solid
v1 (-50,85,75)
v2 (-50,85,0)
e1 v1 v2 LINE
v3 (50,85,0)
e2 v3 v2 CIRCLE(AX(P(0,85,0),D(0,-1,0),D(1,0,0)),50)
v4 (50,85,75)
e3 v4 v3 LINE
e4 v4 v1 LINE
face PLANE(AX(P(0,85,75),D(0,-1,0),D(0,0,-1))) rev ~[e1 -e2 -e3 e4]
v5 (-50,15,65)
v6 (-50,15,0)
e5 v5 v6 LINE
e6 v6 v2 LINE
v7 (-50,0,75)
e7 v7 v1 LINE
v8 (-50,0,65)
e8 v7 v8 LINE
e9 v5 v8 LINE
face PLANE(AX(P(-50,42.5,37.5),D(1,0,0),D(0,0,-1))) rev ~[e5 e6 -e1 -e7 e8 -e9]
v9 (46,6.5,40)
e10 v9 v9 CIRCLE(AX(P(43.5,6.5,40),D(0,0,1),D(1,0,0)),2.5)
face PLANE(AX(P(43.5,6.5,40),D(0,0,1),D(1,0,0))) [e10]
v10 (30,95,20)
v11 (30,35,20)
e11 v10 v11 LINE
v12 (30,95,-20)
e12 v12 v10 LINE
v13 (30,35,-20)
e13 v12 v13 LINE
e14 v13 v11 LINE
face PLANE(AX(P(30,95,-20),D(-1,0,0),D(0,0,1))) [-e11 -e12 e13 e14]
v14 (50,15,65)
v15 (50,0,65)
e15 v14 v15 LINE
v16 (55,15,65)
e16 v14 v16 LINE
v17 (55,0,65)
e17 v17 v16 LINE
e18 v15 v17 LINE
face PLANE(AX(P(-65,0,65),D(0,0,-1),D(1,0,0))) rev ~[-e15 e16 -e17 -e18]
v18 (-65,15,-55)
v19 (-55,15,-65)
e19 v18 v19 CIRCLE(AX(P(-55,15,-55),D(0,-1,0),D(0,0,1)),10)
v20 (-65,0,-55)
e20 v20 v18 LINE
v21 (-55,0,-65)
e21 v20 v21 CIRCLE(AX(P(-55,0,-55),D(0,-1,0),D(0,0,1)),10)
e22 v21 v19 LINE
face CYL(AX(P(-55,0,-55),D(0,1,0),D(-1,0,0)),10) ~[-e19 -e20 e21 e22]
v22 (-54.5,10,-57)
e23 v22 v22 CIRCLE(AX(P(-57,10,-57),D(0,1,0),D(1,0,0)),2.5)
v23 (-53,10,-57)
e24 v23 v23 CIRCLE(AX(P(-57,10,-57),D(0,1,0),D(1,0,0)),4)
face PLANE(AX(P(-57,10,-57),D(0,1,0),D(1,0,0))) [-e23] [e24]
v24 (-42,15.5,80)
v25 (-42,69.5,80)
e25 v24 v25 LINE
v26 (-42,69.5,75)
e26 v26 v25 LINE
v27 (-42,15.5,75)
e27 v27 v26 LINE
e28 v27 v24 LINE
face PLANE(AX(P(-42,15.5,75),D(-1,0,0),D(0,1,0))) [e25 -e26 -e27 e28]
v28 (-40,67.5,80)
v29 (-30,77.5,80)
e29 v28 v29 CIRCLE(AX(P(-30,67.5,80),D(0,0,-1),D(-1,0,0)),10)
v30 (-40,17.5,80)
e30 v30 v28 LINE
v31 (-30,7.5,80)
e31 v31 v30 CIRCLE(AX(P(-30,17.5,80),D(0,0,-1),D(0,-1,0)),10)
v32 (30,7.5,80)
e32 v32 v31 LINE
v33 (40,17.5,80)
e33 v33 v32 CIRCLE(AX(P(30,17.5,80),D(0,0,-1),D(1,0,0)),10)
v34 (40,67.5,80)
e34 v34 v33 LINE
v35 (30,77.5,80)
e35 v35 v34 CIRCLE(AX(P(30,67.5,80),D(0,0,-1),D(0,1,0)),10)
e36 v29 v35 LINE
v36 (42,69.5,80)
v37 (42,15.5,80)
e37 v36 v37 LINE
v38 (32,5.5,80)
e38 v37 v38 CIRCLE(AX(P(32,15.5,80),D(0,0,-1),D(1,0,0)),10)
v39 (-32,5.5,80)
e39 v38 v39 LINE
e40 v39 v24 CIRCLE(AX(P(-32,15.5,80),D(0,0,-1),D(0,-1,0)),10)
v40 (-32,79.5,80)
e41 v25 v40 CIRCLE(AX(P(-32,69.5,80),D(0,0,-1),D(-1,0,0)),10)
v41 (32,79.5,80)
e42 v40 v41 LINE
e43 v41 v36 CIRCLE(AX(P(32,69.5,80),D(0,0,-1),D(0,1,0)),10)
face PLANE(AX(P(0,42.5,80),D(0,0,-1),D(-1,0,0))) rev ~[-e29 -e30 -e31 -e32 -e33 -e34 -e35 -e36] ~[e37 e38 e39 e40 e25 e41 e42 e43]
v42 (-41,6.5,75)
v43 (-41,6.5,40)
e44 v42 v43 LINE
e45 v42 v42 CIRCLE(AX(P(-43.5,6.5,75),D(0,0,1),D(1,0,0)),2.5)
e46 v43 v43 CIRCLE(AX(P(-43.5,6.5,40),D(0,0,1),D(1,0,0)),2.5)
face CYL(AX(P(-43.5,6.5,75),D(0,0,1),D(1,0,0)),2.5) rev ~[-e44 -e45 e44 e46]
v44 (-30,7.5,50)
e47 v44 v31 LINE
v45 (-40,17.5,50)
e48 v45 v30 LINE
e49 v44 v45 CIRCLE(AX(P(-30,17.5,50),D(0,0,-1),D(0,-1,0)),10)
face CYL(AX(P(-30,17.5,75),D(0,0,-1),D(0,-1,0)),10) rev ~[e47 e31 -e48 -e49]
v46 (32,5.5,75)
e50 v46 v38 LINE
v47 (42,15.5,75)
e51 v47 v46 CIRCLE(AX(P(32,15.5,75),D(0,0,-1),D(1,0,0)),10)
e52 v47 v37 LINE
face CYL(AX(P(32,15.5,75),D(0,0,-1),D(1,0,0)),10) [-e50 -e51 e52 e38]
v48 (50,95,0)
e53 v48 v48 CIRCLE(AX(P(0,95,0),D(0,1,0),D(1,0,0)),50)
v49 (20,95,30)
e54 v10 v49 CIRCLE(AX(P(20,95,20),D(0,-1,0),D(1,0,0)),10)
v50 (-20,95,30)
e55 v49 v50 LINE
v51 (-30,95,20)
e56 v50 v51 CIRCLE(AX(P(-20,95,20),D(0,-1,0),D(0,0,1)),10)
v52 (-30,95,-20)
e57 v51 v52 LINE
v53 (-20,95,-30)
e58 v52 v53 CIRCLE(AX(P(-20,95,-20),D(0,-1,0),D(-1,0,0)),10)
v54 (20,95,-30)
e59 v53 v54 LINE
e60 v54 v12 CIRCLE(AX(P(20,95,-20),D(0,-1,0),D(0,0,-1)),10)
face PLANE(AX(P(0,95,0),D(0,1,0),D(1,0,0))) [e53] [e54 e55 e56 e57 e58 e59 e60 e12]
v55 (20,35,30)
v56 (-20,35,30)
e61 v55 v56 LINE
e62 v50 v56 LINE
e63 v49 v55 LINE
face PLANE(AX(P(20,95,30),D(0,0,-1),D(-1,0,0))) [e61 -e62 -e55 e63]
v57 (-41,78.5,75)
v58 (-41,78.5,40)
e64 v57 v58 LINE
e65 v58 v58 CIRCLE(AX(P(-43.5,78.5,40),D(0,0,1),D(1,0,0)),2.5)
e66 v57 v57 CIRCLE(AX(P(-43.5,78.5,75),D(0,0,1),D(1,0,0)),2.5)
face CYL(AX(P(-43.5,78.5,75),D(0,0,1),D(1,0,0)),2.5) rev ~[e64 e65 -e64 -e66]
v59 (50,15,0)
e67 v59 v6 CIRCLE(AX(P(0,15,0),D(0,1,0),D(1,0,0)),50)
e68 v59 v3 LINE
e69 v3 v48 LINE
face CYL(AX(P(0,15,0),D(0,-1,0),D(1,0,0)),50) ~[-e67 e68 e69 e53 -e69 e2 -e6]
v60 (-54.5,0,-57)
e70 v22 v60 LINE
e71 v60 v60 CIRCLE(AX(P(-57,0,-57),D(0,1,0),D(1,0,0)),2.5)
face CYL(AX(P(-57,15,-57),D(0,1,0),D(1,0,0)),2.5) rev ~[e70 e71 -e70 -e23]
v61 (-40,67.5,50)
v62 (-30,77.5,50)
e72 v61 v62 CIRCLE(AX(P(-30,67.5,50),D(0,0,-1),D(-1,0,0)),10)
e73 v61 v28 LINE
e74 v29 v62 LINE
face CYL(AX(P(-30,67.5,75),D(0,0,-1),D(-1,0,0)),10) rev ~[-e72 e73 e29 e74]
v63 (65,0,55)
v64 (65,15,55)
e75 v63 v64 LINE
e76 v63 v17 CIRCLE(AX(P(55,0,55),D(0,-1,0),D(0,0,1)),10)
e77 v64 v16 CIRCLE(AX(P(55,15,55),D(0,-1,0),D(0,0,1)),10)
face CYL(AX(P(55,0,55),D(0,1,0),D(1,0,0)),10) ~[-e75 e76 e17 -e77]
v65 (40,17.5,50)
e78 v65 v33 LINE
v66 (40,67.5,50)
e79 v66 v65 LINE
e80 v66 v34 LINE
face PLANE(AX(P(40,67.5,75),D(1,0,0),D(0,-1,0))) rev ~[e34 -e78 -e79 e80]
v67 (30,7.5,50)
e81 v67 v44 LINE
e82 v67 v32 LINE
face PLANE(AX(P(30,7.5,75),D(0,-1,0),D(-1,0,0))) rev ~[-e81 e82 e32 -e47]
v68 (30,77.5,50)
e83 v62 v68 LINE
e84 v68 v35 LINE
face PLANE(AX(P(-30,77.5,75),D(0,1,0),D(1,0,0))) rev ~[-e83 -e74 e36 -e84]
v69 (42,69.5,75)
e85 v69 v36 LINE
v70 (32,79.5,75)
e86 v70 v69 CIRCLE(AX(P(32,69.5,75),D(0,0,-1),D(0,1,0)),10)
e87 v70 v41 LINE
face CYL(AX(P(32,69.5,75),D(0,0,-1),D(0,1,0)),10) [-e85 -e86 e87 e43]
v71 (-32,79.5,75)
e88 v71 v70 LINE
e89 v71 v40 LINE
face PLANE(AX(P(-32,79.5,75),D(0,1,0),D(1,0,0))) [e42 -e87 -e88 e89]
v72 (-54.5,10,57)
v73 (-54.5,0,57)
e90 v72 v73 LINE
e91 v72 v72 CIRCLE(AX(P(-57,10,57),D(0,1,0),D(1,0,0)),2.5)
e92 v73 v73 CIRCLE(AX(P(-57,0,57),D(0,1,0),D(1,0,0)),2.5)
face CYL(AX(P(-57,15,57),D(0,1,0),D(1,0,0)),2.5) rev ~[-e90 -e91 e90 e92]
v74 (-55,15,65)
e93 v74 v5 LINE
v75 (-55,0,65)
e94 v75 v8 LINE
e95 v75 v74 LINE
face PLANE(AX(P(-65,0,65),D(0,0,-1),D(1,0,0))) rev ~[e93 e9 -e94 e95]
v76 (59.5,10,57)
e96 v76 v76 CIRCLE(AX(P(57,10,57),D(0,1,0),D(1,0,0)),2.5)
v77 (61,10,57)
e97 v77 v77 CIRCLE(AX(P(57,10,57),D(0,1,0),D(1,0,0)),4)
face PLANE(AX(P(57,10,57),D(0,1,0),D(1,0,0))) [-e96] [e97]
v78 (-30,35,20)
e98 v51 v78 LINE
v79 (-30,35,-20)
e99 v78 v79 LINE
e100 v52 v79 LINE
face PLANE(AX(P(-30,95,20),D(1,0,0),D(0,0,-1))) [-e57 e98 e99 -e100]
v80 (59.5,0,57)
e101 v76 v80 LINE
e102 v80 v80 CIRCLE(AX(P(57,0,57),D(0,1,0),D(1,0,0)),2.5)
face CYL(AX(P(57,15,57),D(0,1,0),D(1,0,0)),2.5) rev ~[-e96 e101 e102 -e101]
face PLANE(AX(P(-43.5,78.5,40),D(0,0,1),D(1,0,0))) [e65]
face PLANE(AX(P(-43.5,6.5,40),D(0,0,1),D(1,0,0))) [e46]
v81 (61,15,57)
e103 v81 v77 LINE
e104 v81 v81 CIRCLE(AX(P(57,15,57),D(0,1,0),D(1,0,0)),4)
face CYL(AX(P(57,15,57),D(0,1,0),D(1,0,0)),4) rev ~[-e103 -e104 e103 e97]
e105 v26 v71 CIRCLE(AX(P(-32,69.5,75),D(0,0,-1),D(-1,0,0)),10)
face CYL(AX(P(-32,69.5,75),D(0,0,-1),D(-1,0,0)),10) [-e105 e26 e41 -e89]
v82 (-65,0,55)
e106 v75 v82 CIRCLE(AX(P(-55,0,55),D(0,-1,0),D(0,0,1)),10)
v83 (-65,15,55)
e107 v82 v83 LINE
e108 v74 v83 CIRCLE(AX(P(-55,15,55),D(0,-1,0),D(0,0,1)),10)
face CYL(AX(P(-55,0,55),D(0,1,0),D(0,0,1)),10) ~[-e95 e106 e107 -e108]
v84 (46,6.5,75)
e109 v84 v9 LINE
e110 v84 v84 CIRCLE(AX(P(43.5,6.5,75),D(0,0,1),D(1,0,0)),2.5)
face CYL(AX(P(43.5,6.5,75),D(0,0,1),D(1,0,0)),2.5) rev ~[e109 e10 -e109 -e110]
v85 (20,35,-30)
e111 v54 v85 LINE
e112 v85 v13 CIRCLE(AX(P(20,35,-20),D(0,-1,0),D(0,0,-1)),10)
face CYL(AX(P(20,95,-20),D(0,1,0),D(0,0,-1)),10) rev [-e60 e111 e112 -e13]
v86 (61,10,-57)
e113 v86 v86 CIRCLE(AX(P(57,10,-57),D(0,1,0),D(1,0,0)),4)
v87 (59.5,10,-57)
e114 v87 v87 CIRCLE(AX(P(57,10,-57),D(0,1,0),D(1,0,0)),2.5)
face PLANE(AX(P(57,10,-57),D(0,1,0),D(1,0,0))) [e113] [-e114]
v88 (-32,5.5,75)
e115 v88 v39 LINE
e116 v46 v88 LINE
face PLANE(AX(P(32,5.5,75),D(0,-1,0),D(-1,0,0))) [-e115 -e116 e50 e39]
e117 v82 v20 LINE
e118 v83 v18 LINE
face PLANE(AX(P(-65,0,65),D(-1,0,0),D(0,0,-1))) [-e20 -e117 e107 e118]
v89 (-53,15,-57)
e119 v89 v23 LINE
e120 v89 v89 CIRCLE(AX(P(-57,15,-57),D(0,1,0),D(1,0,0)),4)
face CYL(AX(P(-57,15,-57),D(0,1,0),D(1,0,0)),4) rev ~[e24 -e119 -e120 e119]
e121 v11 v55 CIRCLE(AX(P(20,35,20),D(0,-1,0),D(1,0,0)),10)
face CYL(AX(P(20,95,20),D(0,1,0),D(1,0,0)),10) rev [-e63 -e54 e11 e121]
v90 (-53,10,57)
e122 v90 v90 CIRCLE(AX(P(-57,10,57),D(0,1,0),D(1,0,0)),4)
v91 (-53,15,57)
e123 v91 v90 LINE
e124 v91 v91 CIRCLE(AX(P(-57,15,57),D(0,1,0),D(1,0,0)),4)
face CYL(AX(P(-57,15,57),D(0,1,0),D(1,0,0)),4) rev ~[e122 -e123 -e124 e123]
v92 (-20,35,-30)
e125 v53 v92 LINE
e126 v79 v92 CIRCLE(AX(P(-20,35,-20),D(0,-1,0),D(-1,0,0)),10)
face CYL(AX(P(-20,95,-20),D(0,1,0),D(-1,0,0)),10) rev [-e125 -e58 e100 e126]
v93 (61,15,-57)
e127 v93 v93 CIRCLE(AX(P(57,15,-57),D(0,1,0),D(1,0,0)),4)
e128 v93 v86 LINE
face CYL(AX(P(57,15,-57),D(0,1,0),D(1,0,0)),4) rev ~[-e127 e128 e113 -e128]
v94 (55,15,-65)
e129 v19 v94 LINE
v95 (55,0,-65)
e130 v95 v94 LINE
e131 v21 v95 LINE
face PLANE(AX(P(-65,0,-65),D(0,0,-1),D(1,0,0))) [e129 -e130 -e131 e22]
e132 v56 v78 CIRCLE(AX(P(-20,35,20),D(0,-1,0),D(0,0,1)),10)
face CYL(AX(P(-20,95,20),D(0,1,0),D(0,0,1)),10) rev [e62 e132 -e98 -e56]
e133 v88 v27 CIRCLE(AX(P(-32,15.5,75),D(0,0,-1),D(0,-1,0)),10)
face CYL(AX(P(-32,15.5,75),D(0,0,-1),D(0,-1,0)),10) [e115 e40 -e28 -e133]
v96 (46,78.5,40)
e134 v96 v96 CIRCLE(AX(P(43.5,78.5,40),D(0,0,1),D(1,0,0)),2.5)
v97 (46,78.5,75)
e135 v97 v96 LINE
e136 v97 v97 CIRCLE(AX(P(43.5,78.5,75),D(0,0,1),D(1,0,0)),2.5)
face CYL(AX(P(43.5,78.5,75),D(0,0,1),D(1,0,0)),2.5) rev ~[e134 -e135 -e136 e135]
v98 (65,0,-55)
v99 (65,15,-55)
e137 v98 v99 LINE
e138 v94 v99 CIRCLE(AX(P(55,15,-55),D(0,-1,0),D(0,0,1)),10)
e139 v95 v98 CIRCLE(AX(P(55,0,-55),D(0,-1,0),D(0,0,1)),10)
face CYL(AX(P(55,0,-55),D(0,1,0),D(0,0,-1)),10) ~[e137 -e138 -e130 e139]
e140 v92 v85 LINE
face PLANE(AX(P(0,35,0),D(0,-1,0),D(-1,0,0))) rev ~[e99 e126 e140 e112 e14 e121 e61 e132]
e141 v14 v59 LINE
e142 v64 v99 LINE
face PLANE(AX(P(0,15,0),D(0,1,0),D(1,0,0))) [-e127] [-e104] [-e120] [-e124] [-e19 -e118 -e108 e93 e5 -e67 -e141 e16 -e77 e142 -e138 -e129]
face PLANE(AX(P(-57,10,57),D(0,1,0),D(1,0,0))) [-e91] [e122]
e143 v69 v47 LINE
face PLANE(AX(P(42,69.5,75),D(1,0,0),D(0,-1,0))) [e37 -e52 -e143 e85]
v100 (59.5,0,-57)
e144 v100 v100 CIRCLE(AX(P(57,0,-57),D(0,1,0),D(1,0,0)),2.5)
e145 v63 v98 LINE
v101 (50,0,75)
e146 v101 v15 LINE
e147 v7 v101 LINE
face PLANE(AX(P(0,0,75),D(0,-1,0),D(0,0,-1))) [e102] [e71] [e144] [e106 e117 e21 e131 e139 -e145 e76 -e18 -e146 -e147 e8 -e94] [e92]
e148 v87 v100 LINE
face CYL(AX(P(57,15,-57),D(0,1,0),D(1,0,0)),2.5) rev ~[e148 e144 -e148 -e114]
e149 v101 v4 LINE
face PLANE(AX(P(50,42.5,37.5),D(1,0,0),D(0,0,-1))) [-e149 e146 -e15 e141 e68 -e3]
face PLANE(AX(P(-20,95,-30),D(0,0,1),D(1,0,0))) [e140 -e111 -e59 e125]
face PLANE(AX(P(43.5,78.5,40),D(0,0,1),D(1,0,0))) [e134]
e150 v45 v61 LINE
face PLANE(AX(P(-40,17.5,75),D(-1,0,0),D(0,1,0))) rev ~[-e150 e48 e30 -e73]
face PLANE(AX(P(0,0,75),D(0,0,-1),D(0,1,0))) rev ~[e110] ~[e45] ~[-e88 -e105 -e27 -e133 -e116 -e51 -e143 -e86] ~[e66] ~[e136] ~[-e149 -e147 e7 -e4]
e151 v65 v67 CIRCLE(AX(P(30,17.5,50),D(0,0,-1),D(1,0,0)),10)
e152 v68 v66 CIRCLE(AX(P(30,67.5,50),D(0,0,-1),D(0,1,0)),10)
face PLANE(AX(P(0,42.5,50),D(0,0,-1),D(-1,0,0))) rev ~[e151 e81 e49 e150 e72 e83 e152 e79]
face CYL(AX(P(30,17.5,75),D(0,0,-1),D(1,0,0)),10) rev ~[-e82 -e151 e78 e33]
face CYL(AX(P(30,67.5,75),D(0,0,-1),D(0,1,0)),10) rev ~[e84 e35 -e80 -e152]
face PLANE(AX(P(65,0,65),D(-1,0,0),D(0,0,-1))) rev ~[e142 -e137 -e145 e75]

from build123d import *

# Parameters (mm, degrees)
SKETCH1_W           = 130
SKETCH1_H           = 130
BOSS_EXTRUDE1_DEPTH = 15
SKETCH2_R           = 50
BOSS_EXTRUDE2_DEPTH = 80
SKETCH3_W           = 75
SKETCH3_H           = 85
BOSS_EXTRUDE3_DEPTH = 50
CUT_EXTRUDE2_DEPTH  = 60
CUT_EXTRUDE4_DEPTH  = 25
SKETCH6_R           = 2.5
CUT_EXTRUDE5_DEPTH  = 35
FILLET1_R           = 10
BOSS_EXTRUDE5_DEPTH = 5
SKETCH8_R           = 2.5
CUT_EXTRUDE6_DEPTH  = 16
SKETCH9_R           = 4
CUT_EXTRUDE7_DEPTH  = 5


with BuildPart() as part:
    # Sketch1 → Boss-Extrude1 (new body)
    with BuildSketch(Plane(origin=(0, 0, 0), x_dir=(1, 0, 0), z_dir=(0, 1, 0))):
        Rectangle(SKETCH1_W, SKETCH1_H)
    extrude(amount=BOSS_EXTRUDE1_DEPTH)

    # Sketch2 → Boss-Extrude2 (add)
    with BuildSketch(Plane(origin=(0, 15, 0), x_dir=(1, 0, 0), z_dir=(0, 1, 0))):
        Circle(SKETCH2_R)
    extrude(amount=BOSS_EXTRUDE2_DEPTH)

    # Sketch3 → Boss-Extrude3 (add, symmetric)
    with BuildSketch(Plane(origin=(0, 0, 0), x_dir=(0, 0, -1), z_dir=(1, 0, 0))):
        with Locations((-37.5, 42.5)):
            Rectangle(SKETCH3_W, SKETCH3_H)
    extrude(amount=BOSS_EXTRUDE3_DEPTH, both=True)

    # Sketch4 → Cut-Extrude2 (cut)
    with BuildSketch(Plane(origin=(0, 95, 0), x_dir=(1, 0, 0), z_dir=(0, 1, 0))):
        with BuildLine():
            Line((-20, 30), (20, 30))
            ThreePointArc((20, 30), (27.071067812, 27.071067812), (30, 20))
            Line((30, 20), (30, -20))
            ThreePointArc((30, -20), (27.071067812, -27.071067812), (20, -30))
            Line((20, -30), (-20, -30))
            ThreePointArc((-20, -30), (-27.071067812, -27.071067812), (-30, -20))
            Line((-30, -20), (-30, 20))
            ThreePointArc((-30, 20), (-27.071067812, 27.071067812), (-20, 30))
        make_face()
    extrude(amount=-CUT_EXTRUDE2_DEPTH, mode=Mode.SUBTRACT)

    # Sketch5 → Cut-Extrude4 (cut)
    with BuildSketch(Plane.XY.offset(75)):
        with BuildLine():
            Line((-30, 77.5), (30, 77.5))
            ThreePointArc((30, 77.5), (37.071067812, 74.571067812), (40, 67.5))
            Line((40, 67.5), (40, 17.5))
            ThreePointArc((40, 17.5), (37.071067812, 10.428932188), (30, 7.5))
            Line((30, 7.5), (-30, 7.5))
            ThreePointArc((-30, 7.5), (-37.071067812, 10.428932188), (-40, 17.5))
            Line((-40, 17.5), (-40, 67.5))
            ThreePointArc((-40, 67.5), (-37.071067812, 74.571067812), (-30, 77.5))
        make_face()
    extrude(amount=-CUT_EXTRUDE4_DEPTH, mode=Mode.SUBTRACT)

    # Sketch6 → Cut-Extrude5 (cut)
    with BuildSketch(Plane.XY.offset(75)):
        with Locations((-43.5, 78.5)):
            Circle(SKETCH6_R)
        with Locations((43.5, 78.5)):
            Circle(SKETCH6_R)
        with Locations((43.5, 6.5)):
            Circle(SKETCH6_R)
        with Locations((-43.5, 6.5)):
            Circle(SKETCH6_R)
    extrude(amount=-CUT_EXTRUDE5_DEPTH, mode=Mode.SUBTRACT)

    # Fillet1
    fillet1_edges = [part.edges().sort_by_distance(p)[0] for p in [
        (65, 7.5, 65),
        (-65, 7.5, 65),
        (-65, 7.5, -65),
        (65, 7.5, -65),
    ]]
    fillet(fillet1_edges, radius=FILLET1_R)

    # Sketch7 → Boss-Extrude5 (add)
    with BuildSketch(Plane.XY.offset(75)):
        with BuildLine():
            Line((-32, 79.5), (32, 79.5))
            ThreePointArc((32, 79.5), (39.071067812, 76.571067812), (42, 69.5))
            Line((42, 69.5), (42, 15.5))
            ThreePointArc((42, 15.5), (39.071067812, 8.428932188), (32, 5.5))
            Line((32, 5.5), (-32, 5.5))
            ThreePointArc((-32, 5.5), (-39.071067812, 8.428932188), (-42, 15.5))
            Line((-42, 15.5), (-42, 69.5))
            ThreePointArc((-42, 69.5), (-39.071067812, 76.571067812), (-32, 79.5))
        make_face()
        with BuildLine():
            Line((-30, 77.5), (30, 77.5))
            ThreePointArc((30, 77.5), (37.071067812, 74.571067812), (40, 67.5))
            Line((40, 67.5), (40, 17.5))
            ThreePointArc((40, 17.5), (37.071067812, 10.428932188), (30, 7.5))
            Line((30, 7.5), (-30, 7.5))
            ThreePointArc((-30, 7.5), (-37.071067812, 10.428932188), (-40, 17.5))
            Line((-40, 17.5), (-40, 67.5))
            ThreePointArc((-40, 67.5), (-37.071067812, 74.571067812), (-30, 77.5))
        make_face(mode=Mode.SUBTRACT)
    extrude(amount=BOSS_EXTRUDE5_DEPTH)

    # Sketch8 → Cut-Extrude6 (cut, through all)
    with BuildSketch(Plane(origin=(0, 15, 0), x_dir=(1, 0, 0), z_dir=(0, 1, 0))):
        with Locations((-57, 57)):
            Circle(SKETCH8_R)
        with Locations((-57, -57)):
            Circle(SKETCH8_R)
        with Locations((57, -57)):
            Circle(SKETCH8_R)
        with Locations((57, 57)):
            Circle(SKETCH8_R)
    extrude(amount=-CUT_EXTRUDE6_DEPTH, mode=Mode.SUBTRACT)

    # Sketch9 → Cut-Extrude7 (cut)
    with BuildSketch(Plane(origin=(0, 15, 0), x_dir=(1, 0, 0), z_dir=(0, 1, 0))):
        with Locations((-57, 57)):
            Circle(SKETCH9_R)
        with Locations((57, 57)):
            Circle(SKETCH9_R)
        with Locations((-57, -57)):
            Circle(SKETCH9_R)
        with Locations((57, -57)):
            Circle(SKETCH9_R)
    extrude(amount=-CUT_EXTRUDE7_DEPTH, mode=Mode.SUBTRACT)


solid = part.part
